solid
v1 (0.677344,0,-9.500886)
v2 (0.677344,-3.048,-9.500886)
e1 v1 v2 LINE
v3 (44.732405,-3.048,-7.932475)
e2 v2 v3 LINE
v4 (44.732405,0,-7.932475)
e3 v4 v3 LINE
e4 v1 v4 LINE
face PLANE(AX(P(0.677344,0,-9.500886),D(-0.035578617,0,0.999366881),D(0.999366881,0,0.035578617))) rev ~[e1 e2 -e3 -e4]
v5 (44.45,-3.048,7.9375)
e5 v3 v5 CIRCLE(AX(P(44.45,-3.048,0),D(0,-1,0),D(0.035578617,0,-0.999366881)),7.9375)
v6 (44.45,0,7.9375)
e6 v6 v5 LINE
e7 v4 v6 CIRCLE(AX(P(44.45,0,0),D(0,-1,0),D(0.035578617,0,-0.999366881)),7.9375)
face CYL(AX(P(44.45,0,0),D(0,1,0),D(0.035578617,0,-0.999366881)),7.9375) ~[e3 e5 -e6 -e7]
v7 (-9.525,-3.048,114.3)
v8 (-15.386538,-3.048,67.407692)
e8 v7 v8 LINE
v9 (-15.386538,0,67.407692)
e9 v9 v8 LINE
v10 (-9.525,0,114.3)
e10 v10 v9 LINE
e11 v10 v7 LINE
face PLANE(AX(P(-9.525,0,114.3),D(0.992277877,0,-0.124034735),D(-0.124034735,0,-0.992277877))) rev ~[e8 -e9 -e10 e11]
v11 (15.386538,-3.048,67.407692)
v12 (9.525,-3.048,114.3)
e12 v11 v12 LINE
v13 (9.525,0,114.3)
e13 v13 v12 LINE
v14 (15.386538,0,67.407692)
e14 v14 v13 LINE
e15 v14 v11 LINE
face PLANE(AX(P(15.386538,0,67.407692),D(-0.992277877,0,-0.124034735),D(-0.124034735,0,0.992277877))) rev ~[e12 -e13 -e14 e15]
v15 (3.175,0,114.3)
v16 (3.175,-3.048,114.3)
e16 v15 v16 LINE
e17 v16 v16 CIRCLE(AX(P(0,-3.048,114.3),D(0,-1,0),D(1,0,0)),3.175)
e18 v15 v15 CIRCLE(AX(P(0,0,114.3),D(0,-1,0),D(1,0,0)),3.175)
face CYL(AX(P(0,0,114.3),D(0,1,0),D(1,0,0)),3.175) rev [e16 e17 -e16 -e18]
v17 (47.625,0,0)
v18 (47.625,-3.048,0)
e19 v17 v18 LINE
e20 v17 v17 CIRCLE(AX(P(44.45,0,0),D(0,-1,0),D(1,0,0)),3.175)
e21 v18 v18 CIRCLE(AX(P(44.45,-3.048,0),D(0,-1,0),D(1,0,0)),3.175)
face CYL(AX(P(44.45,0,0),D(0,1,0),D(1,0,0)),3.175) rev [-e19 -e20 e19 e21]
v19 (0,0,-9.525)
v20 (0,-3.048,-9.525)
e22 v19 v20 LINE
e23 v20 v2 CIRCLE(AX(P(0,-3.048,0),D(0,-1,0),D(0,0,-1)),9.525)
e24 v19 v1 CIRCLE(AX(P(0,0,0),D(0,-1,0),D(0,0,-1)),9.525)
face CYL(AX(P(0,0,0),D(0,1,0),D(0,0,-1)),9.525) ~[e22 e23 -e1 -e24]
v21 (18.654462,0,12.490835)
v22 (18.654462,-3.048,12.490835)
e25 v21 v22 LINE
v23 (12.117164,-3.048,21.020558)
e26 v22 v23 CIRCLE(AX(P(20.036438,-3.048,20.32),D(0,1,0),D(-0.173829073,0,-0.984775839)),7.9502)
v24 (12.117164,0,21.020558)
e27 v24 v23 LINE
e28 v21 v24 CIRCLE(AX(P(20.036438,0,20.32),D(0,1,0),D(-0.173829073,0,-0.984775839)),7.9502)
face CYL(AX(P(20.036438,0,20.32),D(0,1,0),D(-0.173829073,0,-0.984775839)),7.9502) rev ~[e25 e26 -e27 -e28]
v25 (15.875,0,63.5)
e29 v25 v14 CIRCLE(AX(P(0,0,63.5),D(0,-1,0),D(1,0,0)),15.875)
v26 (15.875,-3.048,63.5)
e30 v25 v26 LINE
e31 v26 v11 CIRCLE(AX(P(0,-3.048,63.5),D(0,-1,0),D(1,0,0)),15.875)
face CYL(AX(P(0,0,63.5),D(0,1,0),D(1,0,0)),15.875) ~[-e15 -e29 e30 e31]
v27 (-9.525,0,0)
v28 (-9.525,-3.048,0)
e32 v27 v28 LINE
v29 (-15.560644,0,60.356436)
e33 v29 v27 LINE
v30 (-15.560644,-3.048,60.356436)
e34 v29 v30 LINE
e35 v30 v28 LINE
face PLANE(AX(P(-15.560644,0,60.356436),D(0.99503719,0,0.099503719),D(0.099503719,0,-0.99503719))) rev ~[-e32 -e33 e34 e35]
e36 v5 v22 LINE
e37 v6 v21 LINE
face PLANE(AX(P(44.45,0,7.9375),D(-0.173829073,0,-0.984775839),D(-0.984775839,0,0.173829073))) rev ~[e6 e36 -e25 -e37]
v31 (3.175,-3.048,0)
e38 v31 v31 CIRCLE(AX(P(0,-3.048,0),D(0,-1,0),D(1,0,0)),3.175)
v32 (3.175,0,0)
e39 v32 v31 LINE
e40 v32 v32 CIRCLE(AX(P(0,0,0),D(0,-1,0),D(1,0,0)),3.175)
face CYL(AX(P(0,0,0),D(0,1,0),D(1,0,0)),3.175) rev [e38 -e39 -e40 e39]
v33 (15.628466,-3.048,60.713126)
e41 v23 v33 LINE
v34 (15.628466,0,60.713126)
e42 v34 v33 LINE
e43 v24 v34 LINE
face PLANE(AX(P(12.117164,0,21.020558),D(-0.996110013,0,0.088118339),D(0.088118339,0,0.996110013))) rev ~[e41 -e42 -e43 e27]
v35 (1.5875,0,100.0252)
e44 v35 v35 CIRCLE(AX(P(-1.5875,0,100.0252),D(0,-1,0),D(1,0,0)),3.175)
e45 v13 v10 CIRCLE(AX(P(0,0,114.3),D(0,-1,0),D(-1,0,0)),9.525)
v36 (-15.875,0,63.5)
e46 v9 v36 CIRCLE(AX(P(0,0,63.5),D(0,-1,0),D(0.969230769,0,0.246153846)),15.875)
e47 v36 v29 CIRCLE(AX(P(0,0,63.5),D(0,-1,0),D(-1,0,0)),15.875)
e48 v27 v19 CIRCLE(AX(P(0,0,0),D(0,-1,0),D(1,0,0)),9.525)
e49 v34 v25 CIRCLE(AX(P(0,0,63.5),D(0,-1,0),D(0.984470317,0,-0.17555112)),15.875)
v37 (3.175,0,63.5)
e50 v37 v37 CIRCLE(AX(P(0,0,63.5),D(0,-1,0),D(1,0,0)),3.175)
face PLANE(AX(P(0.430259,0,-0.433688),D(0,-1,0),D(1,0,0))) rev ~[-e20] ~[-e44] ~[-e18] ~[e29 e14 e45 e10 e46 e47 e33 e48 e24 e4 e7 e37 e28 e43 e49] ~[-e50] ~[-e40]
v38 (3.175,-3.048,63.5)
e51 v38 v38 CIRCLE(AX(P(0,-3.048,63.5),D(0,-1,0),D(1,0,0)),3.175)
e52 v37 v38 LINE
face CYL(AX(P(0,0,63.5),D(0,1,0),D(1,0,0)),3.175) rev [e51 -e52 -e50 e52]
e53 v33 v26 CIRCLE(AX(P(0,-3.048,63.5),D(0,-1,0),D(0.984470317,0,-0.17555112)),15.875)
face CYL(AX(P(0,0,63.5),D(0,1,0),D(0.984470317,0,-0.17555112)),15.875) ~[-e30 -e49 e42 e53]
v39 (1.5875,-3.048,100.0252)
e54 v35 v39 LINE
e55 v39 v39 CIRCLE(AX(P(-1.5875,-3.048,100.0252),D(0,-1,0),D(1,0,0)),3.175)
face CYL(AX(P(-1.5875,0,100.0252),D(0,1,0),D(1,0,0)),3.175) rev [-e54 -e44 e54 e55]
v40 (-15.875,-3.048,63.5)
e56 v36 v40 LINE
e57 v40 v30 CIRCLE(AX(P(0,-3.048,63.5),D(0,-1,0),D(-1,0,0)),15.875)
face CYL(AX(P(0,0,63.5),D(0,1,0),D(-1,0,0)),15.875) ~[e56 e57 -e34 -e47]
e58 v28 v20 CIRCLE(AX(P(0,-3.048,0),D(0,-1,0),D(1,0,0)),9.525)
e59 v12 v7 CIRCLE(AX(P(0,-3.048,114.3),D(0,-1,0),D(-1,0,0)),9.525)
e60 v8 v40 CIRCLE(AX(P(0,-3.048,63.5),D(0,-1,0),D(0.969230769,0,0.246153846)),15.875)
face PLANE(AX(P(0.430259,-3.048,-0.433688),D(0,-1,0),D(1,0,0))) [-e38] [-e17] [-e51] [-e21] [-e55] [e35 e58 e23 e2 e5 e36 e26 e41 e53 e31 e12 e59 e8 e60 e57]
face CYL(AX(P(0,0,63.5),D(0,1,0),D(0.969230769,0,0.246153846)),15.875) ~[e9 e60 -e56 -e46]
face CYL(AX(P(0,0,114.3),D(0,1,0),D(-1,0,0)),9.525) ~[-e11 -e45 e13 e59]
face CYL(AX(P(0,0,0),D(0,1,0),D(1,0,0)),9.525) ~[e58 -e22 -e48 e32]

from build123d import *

# Parameters (mm, degrees)
F0_R     = 3.175
F1_DEPTH = 3.048


with BuildPart() as f1:
    # F0 (on Front) → F1 (new body)
    with BuildSketch(Plane.XZ):
        with BuildLine():
            ThreePointArc((0.6773435479, -9.500885786), (6.9705567315, -6.4912990883), (9.525, 0))
            ThreePointArc((9.525, 0), (0, 9.525), (-9.525, 0))
            ThreePointArc((-9.525, 0), (-6.7351920908, -6.7351920908), (0, -9.525))
            Line((0, -9.525), (0.6773435479, -9.500885786))
        make_face()
        Circle(F0_R, mode=Mode.SUBTRACT)
        with BuildLine():
            ThreePointArc((-9.525, 0), (0, 9.525), (9.525, 0))
            ThreePointArc((9.525, 0), (6.9705567315, -6.4912990883), (0.6773435479, -9.500885786))
            Line((0.6773435479, -9.500885786), (44.7324052746, -7.9324746146))
            ThreePointArc((44.7324052746, -7.9324746146), (36.5137564458, -0.1412249921), (44.45, 7.9375))
            Line((44.45, 7.9375), (18.6544621675, 12.4908351229))
            ThreePointArc((18.6544621675, 12.4908351229), (13.7263384996, 15.4838524031), (12.1171642333, 21.020558419))
            Line((12.1171642333, 21.020558419), (15.6284662769, 60.7131259747))
            ThreePointArc((15.6284662769, 60.7131259747), (0.1815405689, 47.626038049), (-15.5606435644, 60.3564356436))
            Line((-15.5606435644, 60.3564356436), (-9.525, 0))
        make_face()
        with BuildLine():
            ThreePointArc((0, -9.525), (0.3388863295, -9.5189695375), (0.6773435479, -9.500885786))
            Line((0.6773435479, -9.500885786), (0, -9.525))
        make_face()
        with BuildLine():
            Line((-15.875, 63.5), (-15.5606435644, 60.3564356436))
            ThreePointArc((-15.5606435644, 60.3564356436), (0.1815405689, 47.626038049), (15.6284662769, 60.7131259747))
            Line((15.6284662769, 60.7131259747), (15.875, 63.5))
            Line((15.875, 63.5), (15.3865384615, 67.4076923077))
            ThreePointArc((15.3865384615, 67.4076923077), (0, 79.375), (-15.3865384615, 67.4076923077))
            Line((-15.3865384615, 67.4076923077), (-15.875, 63.5))
        make_face()
        with Locations((0, 63.5)):
            Circle(F0_R, mode=Mode.SUBTRACT)
        with BuildLine():
            ThreePointArc((-15.875, 63.5), (-15.7962153946, 61.9203784605), (-15.5606435644, 60.3564356436))
            Line((-15.5606435644, 60.3564356436), (-15.875, 63.5))
        make_face()
        with BuildLine():
            ThreePointArc((44.45, 7.9375), (36.5137564458, -0.1412249921), (44.7324052746, -7.9324746146))
            ThreePointArc((44.7324052746, -7.9324746146), (50.1616327839, -5.5119104847), (52.3875, 0))
            ThreePointArc((52.3875, 0), (50.0626600757, 5.6126600757), (44.45, 7.9375))
        make_face()
        with Locations((44.45, 0)):
            Circle(F0_R, mode=Mode.SUBTRACT)
        with BuildLine():
            ThreePointArc((-15.3865384615, 67.4076923077), (-15.7524112928, 65.4690514116), (-15.875, 63.5))
            Line((-15.875, 63.5), (-15.3865384615, 67.4076923077))
        make_face()
        with BuildLine():
            Line((15.875, 63.5), (15.6284662769, 60.7131259747))
            ThreePointArc((15.6284662769, 60.7131259747), (15.813246459, 62.1011213679), (15.875, 63.5))
        make_face()
        with BuildLine():
            Line((-9.525, 114.3), (-15.3865384615, 67.4076923077))
            ThreePointArc((-15.3865384615, 67.4076923077), (0, 79.375), (15.3865384615, 67.4076923077))
            Line((15.3865384615, 67.4076923077), (9.525, 114.3))
            ThreePointArc((9.525, 114.3), (0, 104.775), (-9.525, 114.3))
        make_face()
        with Locations((-1.5875, 100.0252)):
            Circle(F0_R, mode=Mode.SUBTRACT)
        with BuildLine():
            Line((15.3865384615, 67.4076923077), (15.875, 63.5))
            ThreePointArc((15.875, 63.5), (15.7524112928, 65.4690514116), (15.3865384615, 67.4076923077))
        make_face()
        with BuildLine():
            ThreePointArc((9.525, 114.3), (0, 123.825), (-9.525, 114.3))
            ThreePointArc((-9.525, 114.3), (0, 104.775), (9.525, 114.3))
        make_face()
        with Locations((0, 114.3)):
            Circle(F0_R, mode=Mode.SUBTRACT)
    extrude(amount=F1_DEPTH)


solid = f1.part
